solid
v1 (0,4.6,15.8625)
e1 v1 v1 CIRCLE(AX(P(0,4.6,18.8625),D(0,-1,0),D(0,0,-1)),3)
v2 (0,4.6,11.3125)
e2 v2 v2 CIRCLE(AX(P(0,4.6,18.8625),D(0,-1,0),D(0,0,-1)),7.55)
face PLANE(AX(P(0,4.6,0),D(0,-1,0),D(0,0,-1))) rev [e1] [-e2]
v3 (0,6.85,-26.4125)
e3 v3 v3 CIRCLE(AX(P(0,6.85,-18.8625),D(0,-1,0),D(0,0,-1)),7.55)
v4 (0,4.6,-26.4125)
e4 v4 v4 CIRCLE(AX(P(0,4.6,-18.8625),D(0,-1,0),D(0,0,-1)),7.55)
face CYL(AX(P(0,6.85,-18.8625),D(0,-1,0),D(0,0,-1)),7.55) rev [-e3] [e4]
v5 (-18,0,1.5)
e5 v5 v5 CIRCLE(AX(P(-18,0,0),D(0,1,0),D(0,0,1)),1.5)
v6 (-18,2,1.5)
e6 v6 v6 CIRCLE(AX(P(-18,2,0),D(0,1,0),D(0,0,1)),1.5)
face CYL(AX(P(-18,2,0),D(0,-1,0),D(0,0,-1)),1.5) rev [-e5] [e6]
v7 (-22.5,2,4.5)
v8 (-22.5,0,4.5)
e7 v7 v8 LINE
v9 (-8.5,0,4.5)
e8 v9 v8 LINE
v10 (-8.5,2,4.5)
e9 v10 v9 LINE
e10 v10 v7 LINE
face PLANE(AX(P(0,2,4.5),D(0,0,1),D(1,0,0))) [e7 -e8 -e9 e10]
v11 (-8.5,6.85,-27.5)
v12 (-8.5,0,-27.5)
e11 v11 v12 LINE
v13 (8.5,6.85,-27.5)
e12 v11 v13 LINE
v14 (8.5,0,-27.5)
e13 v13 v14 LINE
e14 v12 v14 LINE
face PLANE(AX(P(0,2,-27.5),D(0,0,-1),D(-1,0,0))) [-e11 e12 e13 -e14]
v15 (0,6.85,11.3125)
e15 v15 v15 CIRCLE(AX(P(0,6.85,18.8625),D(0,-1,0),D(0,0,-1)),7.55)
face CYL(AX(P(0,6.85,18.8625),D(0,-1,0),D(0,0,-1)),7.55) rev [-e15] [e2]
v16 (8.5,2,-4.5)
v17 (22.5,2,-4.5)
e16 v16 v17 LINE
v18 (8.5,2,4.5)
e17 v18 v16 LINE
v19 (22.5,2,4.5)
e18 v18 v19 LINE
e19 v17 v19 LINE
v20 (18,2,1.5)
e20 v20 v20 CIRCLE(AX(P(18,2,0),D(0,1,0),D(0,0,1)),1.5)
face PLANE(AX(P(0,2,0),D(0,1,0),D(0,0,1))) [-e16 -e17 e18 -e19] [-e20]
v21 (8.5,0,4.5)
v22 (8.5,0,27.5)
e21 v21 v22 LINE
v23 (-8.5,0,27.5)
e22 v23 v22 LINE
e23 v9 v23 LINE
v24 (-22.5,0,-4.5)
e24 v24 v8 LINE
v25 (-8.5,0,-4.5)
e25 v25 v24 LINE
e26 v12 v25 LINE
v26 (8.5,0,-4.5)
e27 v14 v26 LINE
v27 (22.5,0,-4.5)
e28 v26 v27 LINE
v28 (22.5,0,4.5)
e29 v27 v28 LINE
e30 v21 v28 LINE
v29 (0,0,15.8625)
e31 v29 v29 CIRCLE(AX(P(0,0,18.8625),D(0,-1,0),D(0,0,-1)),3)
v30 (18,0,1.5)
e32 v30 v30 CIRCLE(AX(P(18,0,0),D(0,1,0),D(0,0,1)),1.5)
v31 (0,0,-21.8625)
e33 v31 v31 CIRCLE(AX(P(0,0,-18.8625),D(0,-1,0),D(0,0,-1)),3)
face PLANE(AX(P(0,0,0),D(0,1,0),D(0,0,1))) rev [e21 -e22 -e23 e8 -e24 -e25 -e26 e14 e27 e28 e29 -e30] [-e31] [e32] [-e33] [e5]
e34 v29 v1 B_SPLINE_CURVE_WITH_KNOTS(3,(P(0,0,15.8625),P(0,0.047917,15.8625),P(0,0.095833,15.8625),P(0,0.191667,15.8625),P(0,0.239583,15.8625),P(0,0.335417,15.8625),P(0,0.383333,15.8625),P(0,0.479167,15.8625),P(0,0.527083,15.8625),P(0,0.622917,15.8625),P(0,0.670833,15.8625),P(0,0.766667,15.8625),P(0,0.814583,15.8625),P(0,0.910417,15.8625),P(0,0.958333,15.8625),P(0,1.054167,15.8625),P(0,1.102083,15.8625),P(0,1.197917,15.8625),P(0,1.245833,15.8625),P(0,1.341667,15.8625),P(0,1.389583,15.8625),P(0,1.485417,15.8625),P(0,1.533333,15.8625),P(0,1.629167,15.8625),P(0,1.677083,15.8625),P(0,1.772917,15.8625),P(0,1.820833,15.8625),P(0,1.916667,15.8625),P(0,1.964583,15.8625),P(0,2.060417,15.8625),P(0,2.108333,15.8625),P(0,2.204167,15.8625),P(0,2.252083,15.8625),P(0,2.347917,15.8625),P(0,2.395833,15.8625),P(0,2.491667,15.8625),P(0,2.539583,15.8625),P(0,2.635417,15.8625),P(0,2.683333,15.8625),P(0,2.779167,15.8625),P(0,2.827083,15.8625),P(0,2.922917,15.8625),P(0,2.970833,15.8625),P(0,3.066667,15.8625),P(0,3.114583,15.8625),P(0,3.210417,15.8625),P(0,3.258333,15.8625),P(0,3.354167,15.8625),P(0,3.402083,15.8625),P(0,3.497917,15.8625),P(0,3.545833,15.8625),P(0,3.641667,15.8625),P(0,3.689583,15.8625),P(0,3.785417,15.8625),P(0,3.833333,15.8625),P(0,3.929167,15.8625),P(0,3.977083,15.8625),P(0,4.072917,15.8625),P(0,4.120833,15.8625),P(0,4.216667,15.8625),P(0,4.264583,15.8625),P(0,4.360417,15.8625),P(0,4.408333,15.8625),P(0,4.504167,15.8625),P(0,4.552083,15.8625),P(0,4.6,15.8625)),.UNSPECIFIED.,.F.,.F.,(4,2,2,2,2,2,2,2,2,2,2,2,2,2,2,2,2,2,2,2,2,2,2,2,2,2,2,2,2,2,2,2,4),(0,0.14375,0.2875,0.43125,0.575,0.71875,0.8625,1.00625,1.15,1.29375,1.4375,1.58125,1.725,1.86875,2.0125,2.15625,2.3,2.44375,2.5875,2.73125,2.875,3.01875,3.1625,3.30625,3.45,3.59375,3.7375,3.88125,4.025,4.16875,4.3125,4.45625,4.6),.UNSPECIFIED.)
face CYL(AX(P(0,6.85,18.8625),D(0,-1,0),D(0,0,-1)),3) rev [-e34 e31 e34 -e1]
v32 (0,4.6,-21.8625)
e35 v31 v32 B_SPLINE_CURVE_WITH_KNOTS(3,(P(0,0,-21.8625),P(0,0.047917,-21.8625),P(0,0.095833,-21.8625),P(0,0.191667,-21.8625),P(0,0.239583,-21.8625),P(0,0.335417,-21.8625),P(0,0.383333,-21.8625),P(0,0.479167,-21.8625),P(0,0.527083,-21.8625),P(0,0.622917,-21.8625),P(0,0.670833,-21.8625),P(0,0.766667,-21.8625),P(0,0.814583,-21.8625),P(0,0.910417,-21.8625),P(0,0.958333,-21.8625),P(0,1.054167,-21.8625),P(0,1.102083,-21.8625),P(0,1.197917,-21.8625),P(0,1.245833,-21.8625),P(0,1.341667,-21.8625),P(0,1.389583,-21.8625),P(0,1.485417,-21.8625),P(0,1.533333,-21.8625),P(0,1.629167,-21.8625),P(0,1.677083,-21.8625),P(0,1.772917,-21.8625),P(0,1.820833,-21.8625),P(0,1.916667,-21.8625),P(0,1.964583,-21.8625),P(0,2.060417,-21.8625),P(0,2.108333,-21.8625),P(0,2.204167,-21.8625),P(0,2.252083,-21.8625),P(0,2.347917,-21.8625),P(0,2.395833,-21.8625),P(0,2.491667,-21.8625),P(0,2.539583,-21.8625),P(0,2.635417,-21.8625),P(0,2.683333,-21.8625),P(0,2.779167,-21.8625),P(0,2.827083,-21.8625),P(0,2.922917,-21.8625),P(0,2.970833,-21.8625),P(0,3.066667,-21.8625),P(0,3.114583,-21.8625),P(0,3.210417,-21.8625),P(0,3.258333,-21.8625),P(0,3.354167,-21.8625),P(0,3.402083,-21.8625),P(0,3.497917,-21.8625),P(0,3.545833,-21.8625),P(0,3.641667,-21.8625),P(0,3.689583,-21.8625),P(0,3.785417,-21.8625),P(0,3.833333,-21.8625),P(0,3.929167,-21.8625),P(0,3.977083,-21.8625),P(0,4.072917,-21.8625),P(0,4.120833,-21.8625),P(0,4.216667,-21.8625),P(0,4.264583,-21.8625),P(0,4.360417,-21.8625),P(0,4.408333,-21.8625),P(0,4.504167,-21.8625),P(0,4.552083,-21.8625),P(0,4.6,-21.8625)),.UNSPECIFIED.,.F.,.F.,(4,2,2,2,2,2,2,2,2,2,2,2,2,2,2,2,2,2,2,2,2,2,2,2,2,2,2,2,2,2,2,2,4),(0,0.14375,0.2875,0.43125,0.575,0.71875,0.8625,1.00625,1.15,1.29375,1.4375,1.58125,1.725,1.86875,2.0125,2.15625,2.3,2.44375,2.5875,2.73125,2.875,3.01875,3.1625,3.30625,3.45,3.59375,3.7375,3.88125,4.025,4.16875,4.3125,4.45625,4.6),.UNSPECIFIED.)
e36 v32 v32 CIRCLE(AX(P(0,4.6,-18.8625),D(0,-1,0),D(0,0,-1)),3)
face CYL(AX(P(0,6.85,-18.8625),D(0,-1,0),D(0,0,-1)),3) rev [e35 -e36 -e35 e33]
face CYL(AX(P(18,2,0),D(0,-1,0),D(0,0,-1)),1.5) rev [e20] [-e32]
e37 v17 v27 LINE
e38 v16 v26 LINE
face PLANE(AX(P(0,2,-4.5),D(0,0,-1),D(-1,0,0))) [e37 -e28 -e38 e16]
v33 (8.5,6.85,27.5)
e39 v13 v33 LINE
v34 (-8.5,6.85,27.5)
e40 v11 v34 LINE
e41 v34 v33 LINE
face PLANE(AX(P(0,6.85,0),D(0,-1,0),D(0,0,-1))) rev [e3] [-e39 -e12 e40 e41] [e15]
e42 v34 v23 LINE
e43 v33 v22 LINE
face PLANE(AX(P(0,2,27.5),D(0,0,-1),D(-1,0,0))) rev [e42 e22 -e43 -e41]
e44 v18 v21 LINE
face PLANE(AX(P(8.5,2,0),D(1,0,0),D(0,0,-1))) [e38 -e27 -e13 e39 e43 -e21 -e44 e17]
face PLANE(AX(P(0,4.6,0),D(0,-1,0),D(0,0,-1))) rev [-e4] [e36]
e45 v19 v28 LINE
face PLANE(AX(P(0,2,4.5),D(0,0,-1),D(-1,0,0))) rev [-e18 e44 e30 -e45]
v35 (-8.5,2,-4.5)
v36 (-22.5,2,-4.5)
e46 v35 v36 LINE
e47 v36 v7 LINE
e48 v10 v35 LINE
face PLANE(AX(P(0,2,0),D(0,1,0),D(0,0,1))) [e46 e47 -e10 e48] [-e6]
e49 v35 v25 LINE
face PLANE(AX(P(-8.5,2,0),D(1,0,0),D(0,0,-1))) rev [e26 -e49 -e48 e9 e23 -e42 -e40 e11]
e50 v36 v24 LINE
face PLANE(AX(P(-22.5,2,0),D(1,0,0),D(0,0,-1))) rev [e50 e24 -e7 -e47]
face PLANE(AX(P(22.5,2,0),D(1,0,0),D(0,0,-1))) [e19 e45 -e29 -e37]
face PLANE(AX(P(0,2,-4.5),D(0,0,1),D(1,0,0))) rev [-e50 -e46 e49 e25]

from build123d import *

# Parameters (mm, degrees)
SKETCH1_W           = 17
SKETCH1_H           = 55
SKETCH1_R           = 7.55
SKETCH1_W_2         = 14
SKETCH1_H_2         = 9
SKETCH1_R_2         = 1.5
BOSS_EXTRUDE1_DEPTH = 2
BOSS_EXTRUDE2_START = 2
SKETCH1_4_W         = 17
SKETCH1_4_H         = 55
SKETCH1_4_R         = 7.55
BOSS_EXTRUDE2_DEPTH = 2.6
BOSS_EXTRUDE3_START = 4.6
SKETCH1_5_W         = 17
SKETCH1_5_H         = 55
SKETCH1_5_R         = 7.55
BOSS_EXTRUDE3_DEPTH = 2.25
SKETCH3_R           = 3
CUT_EXTRUDE1_DEPTH  = 37.185943403


with BuildPart() as part:
    # Sketch1 → Boss-Extrude1 (new body)
    # profile 1 of 5: a face of its own
    with BuildSketch(Plane(origin=(0, 0, 0), x_dir=(1, 0, 0), z_dir=(0, 1, 0))):
        Rectangle(SKETCH1_W, SKETCH1_H)
        with Locations((0, -18.8625)):
            Circle(SKETCH1_R, mode=Mode.SUBTRACT)
        with Locations((0, 18.8625)):
            Circle(SKETCH1_R, mode=Mode.SUBTRACT)
    # profile 2 of 5: a face of its own
    with BuildSketch(Plane(origin=(0, 0, 0), x_dir=(1, 0, 0), z_dir=(0, 1, 0))):
        with Locations((15.5, 0)):
            Rectangle(SKETCH1_W_2, SKETCH1_H_2)
        with Locations(Location((18, 0, 0), (0, 0, 270))):
            Circle(SKETCH1_R_2, mode=Mode.SUBTRACT)
    # profile 3 of 5: a face of its own
    with BuildSketch(Plane(origin=(0, 0, 0), x_dir=(1, 0, 0), z_dir=(0, 1, 0))):
        with Locations((-15.5, 0)):
            Rectangle(SKETCH1_W_2, SKETCH1_H_2)
        with Locations(Location((-18, 0, 0), (0, 0, 270))):
            Circle(SKETCH1_R_2, mode=Mode.SUBTRACT)
    # profile 4 of 5: a face of its own
    with BuildSketch(Plane(origin=(0, 0, 0), x_dir=(1, 0, 0), z_dir=(0, 1, 0))):
        with Locations((0, -18.8625)):
            Circle(SKETCH1_R)
    # profile 5 of 5: a face of its own
    with BuildSketch(Plane(origin=(0, 0, 0), x_dir=(1, 0, 0), z_dir=(0, 1, 0))):
        with Locations((0, 18.8625)):
            Circle(SKETCH1_R)
    extrude(amount=BOSS_EXTRUDE1_DEPTH)

    # Sketch1<4> → Boss-Extrude2 (add)
    # profile 1 of 3: a face of its own
    with BuildSketch(Plane(origin=(0, 0, 0), x_dir=(1, 0, 0), z_dir=(0, 1, 0)).offset(BOSS_EXTRUDE2_START)):
        Rectangle(SKETCH1_4_W, SKETCH1_4_H)
        with Locations((0, -18.8625)):
            Circle(SKETCH1_4_R, mode=Mode.SUBTRACT)
        with Locations((0, 18.8625)):
            Circle(SKETCH1_4_R, mode=Mode.SUBTRACT)
    # profile 2 of 3: a face of its own
    with BuildSketch(Plane(origin=(0, 0, 0), x_dir=(1, 0, 0), z_dir=(0, 1, 0)).offset(BOSS_EXTRUDE2_START)):
        with Locations((0, -18.8625)):
            Circle(SKETCH1_4_R)
    # profile 3 of 3: a face of its own
    with BuildSketch(Plane(origin=(0, 0, 0), x_dir=(1, 0, 0), z_dir=(0, 1, 0)).offset(BOSS_EXTRUDE2_START)):
        with Locations((0, 18.8625)):
            Circle(SKETCH1_4_R)
    extrude(amount=BOSS_EXTRUDE2_DEPTH)

    # Sketch1<5> → Boss-Extrude3 (add)
    with BuildSketch(Plane(origin=(0, 0, 0), x_dir=(1, 0, 0), z_dir=(0, 1, 0)).offset(BOSS_EXTRUDE3_START)):
        Rectangle(SKETCH1_5_W, SKETCH1_5_H)
        with Locations(Location((0, -18.8625, 0), (0, 0, 90))):
            Circle(SKETCH1_5_R, mode=Mode.SUBTRACT)
        with Locations(Location((0, 18.8625, 0), (0, 0, 90))):
            Circle(SKETCH1_5_R, mode=Mode.SUBTRACT)
    extrude(amount=BOSS_EXTRUDE3_DEPTH)

    # Sketch3 → Cut-Extrude1 (cut, through all)
    with BuildSketch(Plane.XZ):
        with Locations(Location((0, -18.8625, 0), (0, 0, 270))):
            Circle(SKETCH3_R)
        with Locations(Location((0, 18.8625, 0), (0, 0, 270))):
            Circle(SKETCH3_R)
    extrude(amount=-CUT_EXTRUDE1_DEPTH, mode=Mode.SUBTRACT)


solid = part.part
